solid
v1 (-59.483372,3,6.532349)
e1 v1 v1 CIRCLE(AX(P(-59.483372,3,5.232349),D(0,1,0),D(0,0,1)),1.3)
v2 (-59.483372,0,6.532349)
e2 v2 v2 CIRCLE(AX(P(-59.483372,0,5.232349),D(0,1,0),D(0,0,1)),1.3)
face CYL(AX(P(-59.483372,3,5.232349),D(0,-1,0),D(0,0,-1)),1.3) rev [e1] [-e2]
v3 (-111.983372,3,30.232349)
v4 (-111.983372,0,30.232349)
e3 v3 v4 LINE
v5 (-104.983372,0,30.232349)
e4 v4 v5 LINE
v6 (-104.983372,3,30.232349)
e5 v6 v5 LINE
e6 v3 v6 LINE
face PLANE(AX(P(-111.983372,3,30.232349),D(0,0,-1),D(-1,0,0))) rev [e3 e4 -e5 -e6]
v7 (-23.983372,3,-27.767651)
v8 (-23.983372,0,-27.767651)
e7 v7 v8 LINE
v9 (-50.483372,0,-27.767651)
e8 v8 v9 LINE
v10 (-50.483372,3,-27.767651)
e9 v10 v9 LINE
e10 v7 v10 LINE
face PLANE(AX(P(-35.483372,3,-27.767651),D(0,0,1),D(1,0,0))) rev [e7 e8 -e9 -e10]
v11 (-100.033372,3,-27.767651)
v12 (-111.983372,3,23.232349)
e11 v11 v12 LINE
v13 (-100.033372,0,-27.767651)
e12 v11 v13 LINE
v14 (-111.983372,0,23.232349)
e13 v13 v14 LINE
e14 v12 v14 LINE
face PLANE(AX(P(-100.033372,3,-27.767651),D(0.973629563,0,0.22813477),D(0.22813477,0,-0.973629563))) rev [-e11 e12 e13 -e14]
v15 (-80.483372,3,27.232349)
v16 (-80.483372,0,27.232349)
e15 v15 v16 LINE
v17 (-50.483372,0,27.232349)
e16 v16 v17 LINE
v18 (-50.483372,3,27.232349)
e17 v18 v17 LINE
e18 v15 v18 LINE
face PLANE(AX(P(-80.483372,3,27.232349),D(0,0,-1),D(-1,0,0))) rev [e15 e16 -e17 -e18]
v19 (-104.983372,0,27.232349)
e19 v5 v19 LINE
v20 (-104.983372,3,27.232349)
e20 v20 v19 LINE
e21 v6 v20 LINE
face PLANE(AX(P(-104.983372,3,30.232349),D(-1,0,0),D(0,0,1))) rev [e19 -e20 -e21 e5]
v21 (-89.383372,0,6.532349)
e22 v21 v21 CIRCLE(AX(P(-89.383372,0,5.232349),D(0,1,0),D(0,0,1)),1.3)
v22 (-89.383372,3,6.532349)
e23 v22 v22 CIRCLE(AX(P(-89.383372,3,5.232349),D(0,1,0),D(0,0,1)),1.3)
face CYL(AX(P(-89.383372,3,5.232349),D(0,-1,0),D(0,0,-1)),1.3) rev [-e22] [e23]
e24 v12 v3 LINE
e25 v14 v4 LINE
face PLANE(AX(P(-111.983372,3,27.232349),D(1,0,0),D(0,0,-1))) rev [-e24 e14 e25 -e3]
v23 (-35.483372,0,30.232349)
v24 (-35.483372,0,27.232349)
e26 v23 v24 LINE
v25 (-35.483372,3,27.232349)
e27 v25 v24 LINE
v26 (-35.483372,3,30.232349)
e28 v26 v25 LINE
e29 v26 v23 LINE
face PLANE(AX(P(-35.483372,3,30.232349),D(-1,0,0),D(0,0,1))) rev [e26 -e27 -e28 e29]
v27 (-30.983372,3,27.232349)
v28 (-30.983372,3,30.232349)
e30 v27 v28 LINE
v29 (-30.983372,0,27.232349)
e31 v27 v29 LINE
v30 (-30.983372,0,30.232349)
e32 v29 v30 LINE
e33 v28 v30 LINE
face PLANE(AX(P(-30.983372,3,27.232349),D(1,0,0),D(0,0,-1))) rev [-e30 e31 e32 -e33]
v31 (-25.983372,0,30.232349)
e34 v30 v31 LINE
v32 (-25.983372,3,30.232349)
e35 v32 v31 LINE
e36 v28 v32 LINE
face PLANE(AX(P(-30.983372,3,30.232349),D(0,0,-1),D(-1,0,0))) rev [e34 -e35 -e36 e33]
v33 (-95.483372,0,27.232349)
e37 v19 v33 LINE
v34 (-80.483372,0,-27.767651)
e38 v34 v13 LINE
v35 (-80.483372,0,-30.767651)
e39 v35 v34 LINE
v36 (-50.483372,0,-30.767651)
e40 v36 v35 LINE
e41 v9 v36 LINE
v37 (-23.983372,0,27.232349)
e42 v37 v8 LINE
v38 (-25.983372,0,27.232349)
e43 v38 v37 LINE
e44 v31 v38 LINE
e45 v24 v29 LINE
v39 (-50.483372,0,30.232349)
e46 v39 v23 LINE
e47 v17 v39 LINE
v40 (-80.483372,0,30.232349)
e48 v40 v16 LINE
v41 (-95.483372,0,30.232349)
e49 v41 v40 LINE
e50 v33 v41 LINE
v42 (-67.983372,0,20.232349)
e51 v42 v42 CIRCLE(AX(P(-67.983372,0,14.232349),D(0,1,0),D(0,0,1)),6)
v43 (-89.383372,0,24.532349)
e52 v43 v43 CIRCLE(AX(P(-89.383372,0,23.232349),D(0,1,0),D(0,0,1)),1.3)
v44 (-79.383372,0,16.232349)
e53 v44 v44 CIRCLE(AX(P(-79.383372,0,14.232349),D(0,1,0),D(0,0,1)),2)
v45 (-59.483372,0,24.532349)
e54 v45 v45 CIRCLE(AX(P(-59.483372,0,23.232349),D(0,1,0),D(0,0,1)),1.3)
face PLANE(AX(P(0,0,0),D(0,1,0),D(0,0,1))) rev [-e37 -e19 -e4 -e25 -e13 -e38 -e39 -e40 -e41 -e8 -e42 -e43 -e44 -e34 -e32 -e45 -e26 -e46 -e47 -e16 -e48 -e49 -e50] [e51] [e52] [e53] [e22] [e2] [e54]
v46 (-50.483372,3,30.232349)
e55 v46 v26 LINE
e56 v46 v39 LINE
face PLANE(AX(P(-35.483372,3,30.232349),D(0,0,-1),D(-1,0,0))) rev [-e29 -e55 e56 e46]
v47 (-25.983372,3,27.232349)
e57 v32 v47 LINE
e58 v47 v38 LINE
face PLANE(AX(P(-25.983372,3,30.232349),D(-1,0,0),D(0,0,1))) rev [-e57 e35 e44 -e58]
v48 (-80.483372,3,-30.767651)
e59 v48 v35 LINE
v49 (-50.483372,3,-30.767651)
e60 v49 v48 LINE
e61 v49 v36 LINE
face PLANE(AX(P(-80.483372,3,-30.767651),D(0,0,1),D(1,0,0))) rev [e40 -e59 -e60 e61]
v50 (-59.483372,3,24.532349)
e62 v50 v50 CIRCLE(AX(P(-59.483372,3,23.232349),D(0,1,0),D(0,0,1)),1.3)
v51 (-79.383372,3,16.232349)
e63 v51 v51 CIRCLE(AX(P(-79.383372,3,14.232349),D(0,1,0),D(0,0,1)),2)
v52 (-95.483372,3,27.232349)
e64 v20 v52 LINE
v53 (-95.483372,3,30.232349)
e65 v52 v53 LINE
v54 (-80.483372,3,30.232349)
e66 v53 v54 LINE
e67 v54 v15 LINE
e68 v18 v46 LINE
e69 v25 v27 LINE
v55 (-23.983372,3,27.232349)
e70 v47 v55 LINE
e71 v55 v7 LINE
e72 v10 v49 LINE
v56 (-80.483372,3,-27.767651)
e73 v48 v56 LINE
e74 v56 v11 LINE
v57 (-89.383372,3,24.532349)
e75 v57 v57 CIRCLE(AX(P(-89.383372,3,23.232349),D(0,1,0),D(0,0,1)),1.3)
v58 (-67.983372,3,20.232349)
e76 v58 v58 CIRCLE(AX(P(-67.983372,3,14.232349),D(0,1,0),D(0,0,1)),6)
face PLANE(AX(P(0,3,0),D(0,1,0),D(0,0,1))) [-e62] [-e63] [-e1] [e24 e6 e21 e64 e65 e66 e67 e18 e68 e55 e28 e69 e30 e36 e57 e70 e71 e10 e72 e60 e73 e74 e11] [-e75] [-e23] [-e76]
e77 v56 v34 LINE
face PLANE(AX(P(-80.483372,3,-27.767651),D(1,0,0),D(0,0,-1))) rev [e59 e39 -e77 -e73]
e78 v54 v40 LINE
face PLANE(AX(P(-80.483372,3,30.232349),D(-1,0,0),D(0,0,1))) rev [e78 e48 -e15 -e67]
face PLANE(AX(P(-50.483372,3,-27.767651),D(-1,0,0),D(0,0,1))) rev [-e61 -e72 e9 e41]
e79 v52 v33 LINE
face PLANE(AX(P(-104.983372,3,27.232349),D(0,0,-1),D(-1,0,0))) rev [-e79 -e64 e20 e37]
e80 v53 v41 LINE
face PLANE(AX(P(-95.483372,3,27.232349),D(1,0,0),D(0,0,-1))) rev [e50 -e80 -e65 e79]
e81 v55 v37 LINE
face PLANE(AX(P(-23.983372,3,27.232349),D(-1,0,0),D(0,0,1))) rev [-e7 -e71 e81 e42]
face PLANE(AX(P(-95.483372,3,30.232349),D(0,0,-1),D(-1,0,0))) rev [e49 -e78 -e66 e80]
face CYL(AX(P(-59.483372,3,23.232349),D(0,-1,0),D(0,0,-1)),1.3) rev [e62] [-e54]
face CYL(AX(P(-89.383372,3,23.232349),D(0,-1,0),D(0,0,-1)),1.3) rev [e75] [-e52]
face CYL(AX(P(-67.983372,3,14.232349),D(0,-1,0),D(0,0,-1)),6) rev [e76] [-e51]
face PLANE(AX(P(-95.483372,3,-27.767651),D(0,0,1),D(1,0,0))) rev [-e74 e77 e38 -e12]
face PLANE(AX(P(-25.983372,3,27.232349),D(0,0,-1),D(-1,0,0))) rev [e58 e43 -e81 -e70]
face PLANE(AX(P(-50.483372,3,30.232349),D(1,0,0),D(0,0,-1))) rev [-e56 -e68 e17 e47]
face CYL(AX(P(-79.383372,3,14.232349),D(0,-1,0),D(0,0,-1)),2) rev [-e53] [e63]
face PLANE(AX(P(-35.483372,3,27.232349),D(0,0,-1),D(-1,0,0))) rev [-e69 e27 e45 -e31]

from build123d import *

# Parameters (mm, degrees)
SKETCH1_R           = 2
SKETCH1_R_2         = 6
SKETCH1_R_3         = 1.3
BOSS_EXTRUDE1_DEPTH = 3


with BuildPart() as part:
    # Sketch1 → Boss-Extrude1 (new body)
    with BuildSketch(Plane(origin=(0, 0, 0), x_dir=(1, 0, 0), z_dir=(0, 1, 0))):
        Polygon((-95.483372271, 27.767651072), (-80.483372271, 27.767651072), (-80.483372271, 30.767651072), (-50.483372271, 30.767651072), (-50.483372271, 27.767651072), (-35.483372271, 27.767651072), (-25.983372271, 27.767651072), (-23.983372271, 27.767651072), (-23.983372271, -27.232348928), (-25.983372271, -27.232348928), (-25.983372271, -30.232348928), (-30.983372271, -30.232348928), (-30.983372271, -27.232348928), (-35.483372271, -27.232348928), (-35.483372271, -30.232348928), (-50.483372271, -30.232348928), (-50.483372271, -27.232348928), (-80.483372271, -27.232348928), (-80.483372271, -30.232348928), (-95.483372271, -30.232348928), (-95.483372271, -27.232348928), (-104.983372271, -27.232348928), (-104.983372271, -30.232348928), (-111.983372271, -30.232348928), (-111.983372271, -27.232348928), (-111.983372271, -23.232348928), (-100.033372271, 27.767651072), align=None)
        with Locations(Location((-79.383372271, -14.232348928, 0), (0, 0, 270))):
            Circle(SKETCH1_R, mode=Mode.SUBTRACT)
        with Locations(Location((-67.983372271, -14.232348928, 0), (0, 0, 270))):
            Circle(SKETCH1_R_2, mode=Mode.SUBTRACT)
        with Locations(Location((-59.483372271, -23.232348928, 0), (0, 0, 270))):
            Circle(SKETCH1_R_3, mode=Mode.SUBTRACT)
        with Locations(Location((-59.483372271, -5.232348928, 0), (0, 0, 270))):
            Circle(SKETCH1_R_3, mode=Mode.SUBTRACT)
        with Locations(Location((-89.383372271, -5.232348928, 0), (0, 0, 270))):
            Circle(SKETCH1_R_3, mode=Mode.SUBTRACT)
        with Locations(Location((-89.383372271, -23.232348928, 0), (0, 0, 270))):
            Circle(SKETCH1_R_3, mode=Mode.SUBTRACT)
    extrude(amount=BOSS_EXTRUDE1_DEPTH)


solid = part.part
